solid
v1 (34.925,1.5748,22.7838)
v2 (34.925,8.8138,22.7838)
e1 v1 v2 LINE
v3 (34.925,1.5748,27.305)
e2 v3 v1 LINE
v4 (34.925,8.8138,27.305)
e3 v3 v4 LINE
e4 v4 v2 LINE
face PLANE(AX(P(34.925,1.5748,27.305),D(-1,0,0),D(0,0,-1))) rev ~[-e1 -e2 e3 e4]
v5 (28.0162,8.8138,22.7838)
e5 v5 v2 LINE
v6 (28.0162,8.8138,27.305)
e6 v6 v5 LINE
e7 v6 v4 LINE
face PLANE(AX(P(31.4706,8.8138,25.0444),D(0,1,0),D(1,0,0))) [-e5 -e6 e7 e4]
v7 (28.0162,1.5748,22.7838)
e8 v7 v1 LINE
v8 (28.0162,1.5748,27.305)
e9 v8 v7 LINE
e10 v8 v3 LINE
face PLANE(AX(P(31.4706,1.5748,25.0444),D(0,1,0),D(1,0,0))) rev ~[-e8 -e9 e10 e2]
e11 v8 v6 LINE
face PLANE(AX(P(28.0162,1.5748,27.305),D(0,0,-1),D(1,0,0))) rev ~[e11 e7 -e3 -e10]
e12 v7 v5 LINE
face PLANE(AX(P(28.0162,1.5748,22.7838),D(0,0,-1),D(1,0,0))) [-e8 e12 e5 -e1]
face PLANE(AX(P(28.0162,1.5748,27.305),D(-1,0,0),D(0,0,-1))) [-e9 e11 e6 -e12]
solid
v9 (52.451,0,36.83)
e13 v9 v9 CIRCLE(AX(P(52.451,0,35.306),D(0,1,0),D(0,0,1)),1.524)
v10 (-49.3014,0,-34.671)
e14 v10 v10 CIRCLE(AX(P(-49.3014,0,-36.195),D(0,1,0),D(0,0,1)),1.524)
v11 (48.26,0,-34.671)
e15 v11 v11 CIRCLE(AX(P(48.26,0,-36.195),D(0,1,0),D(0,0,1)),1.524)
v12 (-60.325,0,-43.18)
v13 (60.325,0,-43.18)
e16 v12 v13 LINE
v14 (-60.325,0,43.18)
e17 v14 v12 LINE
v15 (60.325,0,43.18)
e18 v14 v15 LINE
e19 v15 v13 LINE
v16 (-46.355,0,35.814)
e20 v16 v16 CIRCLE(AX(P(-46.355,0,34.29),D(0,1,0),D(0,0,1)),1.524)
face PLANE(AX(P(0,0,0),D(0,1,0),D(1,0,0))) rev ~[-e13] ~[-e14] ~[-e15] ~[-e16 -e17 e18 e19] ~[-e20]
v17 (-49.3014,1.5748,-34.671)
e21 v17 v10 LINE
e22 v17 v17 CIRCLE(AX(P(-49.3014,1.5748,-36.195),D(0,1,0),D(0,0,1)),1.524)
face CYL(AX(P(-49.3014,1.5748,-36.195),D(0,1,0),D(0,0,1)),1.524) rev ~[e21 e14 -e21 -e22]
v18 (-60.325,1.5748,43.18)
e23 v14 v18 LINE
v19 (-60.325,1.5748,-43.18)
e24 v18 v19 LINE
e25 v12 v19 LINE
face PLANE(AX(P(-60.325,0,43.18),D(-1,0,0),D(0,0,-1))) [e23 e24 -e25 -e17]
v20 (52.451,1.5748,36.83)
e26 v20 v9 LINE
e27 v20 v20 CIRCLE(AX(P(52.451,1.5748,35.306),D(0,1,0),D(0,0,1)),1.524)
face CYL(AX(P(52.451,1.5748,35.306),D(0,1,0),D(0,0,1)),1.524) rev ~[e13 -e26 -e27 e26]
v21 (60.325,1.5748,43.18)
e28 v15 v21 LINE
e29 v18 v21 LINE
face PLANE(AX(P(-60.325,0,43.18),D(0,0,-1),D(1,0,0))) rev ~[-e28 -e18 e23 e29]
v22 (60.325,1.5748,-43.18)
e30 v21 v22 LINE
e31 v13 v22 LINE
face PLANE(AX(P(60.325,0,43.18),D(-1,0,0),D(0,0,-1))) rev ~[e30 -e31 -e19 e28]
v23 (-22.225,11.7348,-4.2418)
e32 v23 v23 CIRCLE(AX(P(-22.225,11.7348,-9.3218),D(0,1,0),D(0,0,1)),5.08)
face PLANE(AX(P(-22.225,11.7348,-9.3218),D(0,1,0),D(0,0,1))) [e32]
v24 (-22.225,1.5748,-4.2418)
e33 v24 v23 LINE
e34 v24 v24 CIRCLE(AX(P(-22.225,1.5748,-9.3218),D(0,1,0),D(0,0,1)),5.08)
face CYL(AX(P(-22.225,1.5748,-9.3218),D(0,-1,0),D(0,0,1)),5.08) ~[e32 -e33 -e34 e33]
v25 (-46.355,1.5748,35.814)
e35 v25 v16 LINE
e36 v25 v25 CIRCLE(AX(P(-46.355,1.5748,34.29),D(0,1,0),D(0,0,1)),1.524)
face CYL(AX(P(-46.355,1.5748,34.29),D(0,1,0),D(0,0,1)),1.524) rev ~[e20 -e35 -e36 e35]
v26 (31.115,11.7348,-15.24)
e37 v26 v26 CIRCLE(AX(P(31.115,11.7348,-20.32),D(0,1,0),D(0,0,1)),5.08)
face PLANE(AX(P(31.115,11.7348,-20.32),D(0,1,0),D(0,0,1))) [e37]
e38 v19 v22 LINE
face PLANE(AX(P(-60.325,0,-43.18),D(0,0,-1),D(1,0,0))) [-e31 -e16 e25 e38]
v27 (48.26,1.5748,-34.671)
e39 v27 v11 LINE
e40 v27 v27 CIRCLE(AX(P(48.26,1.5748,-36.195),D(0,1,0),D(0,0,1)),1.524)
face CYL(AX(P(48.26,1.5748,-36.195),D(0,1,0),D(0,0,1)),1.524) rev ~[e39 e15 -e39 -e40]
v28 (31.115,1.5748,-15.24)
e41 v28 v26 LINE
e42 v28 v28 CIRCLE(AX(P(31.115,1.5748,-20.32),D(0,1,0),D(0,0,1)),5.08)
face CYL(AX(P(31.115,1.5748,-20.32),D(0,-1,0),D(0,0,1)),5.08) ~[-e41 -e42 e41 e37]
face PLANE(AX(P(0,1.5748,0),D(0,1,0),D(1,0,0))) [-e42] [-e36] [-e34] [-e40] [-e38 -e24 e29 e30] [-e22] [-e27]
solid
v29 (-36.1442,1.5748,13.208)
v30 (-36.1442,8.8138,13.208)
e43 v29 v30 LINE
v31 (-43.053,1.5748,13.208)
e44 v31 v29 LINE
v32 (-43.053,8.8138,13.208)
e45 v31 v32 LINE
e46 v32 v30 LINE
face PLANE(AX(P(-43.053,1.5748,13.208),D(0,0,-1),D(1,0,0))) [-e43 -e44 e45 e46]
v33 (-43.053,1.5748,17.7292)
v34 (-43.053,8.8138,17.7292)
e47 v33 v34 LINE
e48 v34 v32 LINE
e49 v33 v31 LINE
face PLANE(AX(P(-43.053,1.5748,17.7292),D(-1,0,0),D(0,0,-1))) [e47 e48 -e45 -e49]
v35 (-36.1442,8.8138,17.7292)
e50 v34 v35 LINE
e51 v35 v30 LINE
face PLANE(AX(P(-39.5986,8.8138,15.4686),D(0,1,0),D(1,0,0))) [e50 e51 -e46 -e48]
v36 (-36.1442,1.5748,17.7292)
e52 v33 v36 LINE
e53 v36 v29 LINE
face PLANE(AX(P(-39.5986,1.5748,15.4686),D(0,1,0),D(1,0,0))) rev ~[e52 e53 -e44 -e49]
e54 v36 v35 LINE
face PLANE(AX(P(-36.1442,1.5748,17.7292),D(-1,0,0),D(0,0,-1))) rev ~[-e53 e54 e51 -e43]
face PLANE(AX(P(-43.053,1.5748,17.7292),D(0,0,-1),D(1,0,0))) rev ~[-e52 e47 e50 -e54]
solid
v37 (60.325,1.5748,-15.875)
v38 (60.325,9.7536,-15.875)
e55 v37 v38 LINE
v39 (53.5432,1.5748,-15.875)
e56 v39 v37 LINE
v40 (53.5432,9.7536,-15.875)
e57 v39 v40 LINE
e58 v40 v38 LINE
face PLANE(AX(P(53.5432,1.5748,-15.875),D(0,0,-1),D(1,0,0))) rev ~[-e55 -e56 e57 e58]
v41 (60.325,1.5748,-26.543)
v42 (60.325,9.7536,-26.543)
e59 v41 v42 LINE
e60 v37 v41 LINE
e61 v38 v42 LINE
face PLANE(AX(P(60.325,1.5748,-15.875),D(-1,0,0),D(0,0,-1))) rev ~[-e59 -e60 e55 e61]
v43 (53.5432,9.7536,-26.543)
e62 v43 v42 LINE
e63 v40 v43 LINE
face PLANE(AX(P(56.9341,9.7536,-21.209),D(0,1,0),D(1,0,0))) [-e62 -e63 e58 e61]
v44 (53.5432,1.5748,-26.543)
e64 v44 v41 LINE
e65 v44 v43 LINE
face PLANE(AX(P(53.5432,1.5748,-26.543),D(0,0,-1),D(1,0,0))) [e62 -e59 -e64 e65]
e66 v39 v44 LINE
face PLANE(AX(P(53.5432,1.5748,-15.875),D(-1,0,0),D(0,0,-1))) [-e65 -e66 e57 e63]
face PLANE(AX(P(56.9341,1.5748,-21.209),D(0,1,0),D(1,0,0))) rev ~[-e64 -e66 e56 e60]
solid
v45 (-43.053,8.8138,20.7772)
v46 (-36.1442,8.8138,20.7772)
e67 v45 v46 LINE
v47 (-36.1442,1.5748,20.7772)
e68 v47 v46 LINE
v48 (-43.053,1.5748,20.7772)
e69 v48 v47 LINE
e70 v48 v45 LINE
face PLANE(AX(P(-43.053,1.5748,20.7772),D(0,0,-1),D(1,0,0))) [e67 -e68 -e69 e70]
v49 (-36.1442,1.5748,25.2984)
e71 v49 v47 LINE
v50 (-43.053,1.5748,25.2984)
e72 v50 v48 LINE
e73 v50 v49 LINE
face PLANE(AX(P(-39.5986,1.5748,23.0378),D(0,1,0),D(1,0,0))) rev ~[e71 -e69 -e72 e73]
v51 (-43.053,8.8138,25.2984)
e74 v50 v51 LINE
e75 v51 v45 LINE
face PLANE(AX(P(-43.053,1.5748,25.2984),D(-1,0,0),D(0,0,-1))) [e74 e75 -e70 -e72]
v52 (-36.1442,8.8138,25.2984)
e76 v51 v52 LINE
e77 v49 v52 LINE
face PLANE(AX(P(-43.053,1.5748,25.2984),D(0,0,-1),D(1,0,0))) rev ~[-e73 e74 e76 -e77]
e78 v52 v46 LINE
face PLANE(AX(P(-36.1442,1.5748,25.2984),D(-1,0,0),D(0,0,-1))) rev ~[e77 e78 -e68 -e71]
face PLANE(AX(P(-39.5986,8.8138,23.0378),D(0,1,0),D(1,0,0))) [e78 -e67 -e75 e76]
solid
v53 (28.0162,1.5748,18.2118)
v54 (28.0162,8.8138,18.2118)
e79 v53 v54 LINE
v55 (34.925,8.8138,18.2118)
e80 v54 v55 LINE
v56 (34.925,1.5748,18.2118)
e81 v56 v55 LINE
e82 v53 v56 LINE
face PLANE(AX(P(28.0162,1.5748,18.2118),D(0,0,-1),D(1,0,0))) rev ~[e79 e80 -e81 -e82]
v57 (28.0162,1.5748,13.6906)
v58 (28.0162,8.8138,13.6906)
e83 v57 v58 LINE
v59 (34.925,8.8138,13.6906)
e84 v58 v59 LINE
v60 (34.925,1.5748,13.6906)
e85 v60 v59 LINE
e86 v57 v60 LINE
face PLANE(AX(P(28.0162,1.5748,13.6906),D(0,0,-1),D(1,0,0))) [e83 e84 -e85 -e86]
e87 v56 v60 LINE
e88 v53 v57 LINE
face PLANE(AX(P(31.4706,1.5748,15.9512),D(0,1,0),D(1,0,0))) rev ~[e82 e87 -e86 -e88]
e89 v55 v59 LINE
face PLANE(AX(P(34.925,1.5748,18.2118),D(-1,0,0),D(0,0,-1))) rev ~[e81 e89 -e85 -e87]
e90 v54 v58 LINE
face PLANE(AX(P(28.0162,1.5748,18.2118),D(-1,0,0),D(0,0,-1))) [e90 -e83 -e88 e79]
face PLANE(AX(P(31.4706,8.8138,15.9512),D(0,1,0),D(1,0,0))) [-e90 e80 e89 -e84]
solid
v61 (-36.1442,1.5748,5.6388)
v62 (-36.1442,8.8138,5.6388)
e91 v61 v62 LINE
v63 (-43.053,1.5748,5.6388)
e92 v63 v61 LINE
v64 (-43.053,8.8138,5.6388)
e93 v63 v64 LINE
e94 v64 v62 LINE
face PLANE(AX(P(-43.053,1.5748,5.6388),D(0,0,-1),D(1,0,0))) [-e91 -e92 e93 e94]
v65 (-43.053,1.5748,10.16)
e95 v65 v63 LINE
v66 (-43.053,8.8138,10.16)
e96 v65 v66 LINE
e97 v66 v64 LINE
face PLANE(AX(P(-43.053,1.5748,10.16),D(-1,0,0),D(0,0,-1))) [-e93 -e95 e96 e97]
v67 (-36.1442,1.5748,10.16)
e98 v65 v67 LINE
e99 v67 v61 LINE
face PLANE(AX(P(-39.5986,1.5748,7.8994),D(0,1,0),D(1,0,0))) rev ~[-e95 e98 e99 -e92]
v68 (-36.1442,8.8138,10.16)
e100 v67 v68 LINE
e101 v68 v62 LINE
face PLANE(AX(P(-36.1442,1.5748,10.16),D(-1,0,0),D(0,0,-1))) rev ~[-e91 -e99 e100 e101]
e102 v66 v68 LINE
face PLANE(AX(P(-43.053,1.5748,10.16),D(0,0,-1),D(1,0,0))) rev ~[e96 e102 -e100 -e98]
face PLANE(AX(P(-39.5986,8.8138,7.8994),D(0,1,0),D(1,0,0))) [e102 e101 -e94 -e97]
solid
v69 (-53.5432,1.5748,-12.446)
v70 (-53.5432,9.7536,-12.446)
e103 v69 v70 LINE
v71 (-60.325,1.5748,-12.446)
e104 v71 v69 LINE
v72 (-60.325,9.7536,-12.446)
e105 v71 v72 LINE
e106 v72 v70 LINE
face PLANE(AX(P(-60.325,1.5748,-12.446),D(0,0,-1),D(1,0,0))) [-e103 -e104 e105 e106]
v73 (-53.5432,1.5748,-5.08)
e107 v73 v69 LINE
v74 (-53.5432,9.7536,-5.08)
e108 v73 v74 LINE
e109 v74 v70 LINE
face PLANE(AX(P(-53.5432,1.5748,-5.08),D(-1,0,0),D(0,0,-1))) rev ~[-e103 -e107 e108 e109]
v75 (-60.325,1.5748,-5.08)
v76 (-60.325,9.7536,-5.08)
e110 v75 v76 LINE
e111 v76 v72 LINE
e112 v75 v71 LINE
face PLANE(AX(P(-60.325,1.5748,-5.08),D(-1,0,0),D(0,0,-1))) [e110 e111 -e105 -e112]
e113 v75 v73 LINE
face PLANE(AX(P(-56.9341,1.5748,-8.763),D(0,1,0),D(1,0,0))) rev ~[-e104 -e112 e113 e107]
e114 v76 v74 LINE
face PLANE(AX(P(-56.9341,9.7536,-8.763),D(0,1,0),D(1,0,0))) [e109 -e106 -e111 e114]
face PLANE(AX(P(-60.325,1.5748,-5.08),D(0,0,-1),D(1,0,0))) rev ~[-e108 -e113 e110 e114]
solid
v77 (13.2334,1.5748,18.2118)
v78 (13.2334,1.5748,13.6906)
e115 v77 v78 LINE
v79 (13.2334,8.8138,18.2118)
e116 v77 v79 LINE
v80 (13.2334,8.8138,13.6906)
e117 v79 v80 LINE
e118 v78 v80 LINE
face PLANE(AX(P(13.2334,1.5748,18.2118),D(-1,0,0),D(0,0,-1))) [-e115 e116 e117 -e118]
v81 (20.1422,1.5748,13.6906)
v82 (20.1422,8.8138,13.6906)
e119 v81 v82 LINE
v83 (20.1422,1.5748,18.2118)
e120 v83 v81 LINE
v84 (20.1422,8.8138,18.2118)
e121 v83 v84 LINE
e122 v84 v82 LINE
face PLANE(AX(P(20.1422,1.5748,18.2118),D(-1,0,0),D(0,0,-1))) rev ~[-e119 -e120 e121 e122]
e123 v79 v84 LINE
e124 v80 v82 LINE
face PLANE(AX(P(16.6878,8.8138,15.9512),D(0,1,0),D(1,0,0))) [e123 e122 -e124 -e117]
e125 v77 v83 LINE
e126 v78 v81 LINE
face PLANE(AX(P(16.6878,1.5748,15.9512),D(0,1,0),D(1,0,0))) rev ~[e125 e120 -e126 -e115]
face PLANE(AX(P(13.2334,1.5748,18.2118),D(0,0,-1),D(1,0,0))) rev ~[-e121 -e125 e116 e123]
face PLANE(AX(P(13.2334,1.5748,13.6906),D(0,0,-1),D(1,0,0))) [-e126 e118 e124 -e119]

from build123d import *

# Parameters (mm, degrees)
SKETCH1_W          = 120.65
SKETCH1_H          = 86.36
PCB_DEPTH          = 1.5748
SKETCH2_R          = 5.08
CAPACITORS_DEPTH   = 10.16
SKETCH3_W          = 6.7818
SKETCH3_H          = 7.366
CONNECTORS_DEPTH   = 8.1788
SKETCH3_H_2        = 10.668
CONNECTORS_2_DEPTH = 8.1788
SKETCH4_W          = 6.9088
SKETCH4_H          = 4.5212
POTS_DEPTH         = 7.239
POTS_2_DEPTH       = 7.239
POTS_3_DEPTH       = 7.239
POTS_4_DEPTH       = 7.239
POTS_5_DEPTH       = 7.239
POTS_6_DEPTH       = 7.239
SKETCH5_R          = 1.524
CUT_EXTRUDE1_DEPTH = 75.878859667


with BuildPart() as part:
    # Sketch1 → PCB (new body)
    with BuildSketch(Plane(origin=(0, 0, 0), x_dir=(1, 0, 0), z_dir=(0, 1, 0))):
        Rectangle(SKETCH1_W, SKETCH1_H)
    extrude(amount=PCB_DEPTH)

    # Sketch2 → Capacitors (add)
    with BuildSketch(Plane(origin=(0, 1.5748, 0), x_dir=(1, 0, 0), z_dir=(0, 1, 0))):
        with Locations(Location((-22.225, 9.3218, 0), (0, 0, 270))):
            Circle(SKETCH2_R)
        with Locations(Location((31.115, 20.32, 0), (0, 0, 270))):
            Circle(SKETCH2_R)
    extrude(amount=CAPACITORS_DEPTH)

    # Sketch5 → Cut-Extrude1 (cut, through all)
    with BuildSketch(Plane(origin=(0, 1.5748, 0), x_dir=(1, 0, 0), z_dir=(0, 1, 0))):
        with Locations(Location((-49.3014, 36.195, 0), (0, 0, 270))):
            Circle(SKETCH5_R)
        with Locations(Location((48.26, 36.195, 0), (0, 0, 270))):
            Circle(SKETCH5_R)
        with Locations(Location((-46.355, -34.29, 0), (0, 0, 270))):
            Circle(SKETCH5_R)
        with Locations(Location((52.451, -35.306, 0), (0, 0, 270))):
            Circle(SKETCH5_R)
    extrude(amount=-CUT_EXTRUDE1_DEPTH, mode=Mode.SUBTRACT)


with BuildPart() as body_2:
    # Sketch3 → Connectors (new body)
    with BuildSketch(Plane(origin=(0, 1.5748, 0), x_dir=(1, 0, 0), z_dir=(0, 1, 0))):
        with Locations((-56.9341, 8.763)):
            Rectangle(SKETCH3_W, SKETCH3_H)
    extrude(amount=CONNECTORS_DEPTH)


with BuildPart() as body_3:
    # Sketch3 → Connectors 2 (new body)
    with BuildSketch(Plane(origin=(0, 1.5748, 0), x_dir=(1, 0, 0), z_dir=(0, 1, 0))):
        with Locations((56.9341, 21.209)):
            Rectangle(SKETCH3_W, SKETCH3_H_2)
    extrude(amount=CONNECTORS_2_DEPTH)


with BuildPart() as body_4:
    # Sketch4 → Pots (new body)
    with BuildSketch(Plane(origin=(0, 1.5748, 0), x_dir=(1, 0, 0), z_dir=(0, 1, 0))):
        with Locations((-39.5986, -7.8994)):
            Rectangle(SKETCH4_W, SKETCH4_H)
    extrude(amount=POTS_DEPTH)


with BuildPart() as body_5:
    # Sketch4 → Pots 2 (new body)
    with BuildSketch(Plane(origin=(0, 1.5748, 0), x_dir=(1, 0, 0), z_dir=(0, 1, 0))):
        with Locations((-39.5986, -15.4686)):
            Rectangle(SKETCH4_W, SKETCH4_H)
    extrude(amount=POTS_2_DEPTH)


with BuildPart() as body_6:
    # Sketch4 → Pots 3 (new body)
    with BuildSketch(Plane(origin=(0, 1.5748, 0), x_dir=(1, 0, 0), z_dir=(0, 1, 0))):
        with Locations((-39.5986, -23.0378)):
            Rectangle(SKETCH4_W, SKETCH4_H)
    extrude(amount=POTS_3_DEPTH)


with BuildPart() as body_7:
    # Sketch4 → Pots 4 (new body)
    with BuildSketch(Plane(origin=(0, 1.5748, 0), x_dir=(1, 0, 0), z_dir=(0, 1, 0))):
        with Locations((31.4706, -15.9512)):
            Rectangle(SKETCH4_W, SKETCH4_H)
    extrude(amount=POTS_4_DEPTH)


with BuildPart() as body_8:
    # Sketch4 → Pots 5 (new body)
    with BuildSketch(Plane(origin=(0, 1.5748, 0), x_dir=(1, 0, 0), z_dir=(0, 1, 0))):
        with Locations((31.4706, -25.0444)):
            Rectangle(SKETCH4_W, SKETCH4_H)
    extrude(amount=POTS_5_DEPTH)


with BuildPart() as body_9:
    # Sketch4 → Pots 6 (new body)
    with BuildSketch(Plane(origin=(0, 1.5748, 0), x_dir=(1, 0, 0), z_dir=(0, 1, 0))):
        with Locations((16.6878, -15.9512)):
            Rectangle(SKETCH4_W, SKETCH4_H)
    extrude(amount=POTS_6_DEPTH)


solid = Compound([part.part, body_2.part, body_3.part, body_4.part, body_5.part, body_6.part, body_7.part, body_8.part, body_9.part])
